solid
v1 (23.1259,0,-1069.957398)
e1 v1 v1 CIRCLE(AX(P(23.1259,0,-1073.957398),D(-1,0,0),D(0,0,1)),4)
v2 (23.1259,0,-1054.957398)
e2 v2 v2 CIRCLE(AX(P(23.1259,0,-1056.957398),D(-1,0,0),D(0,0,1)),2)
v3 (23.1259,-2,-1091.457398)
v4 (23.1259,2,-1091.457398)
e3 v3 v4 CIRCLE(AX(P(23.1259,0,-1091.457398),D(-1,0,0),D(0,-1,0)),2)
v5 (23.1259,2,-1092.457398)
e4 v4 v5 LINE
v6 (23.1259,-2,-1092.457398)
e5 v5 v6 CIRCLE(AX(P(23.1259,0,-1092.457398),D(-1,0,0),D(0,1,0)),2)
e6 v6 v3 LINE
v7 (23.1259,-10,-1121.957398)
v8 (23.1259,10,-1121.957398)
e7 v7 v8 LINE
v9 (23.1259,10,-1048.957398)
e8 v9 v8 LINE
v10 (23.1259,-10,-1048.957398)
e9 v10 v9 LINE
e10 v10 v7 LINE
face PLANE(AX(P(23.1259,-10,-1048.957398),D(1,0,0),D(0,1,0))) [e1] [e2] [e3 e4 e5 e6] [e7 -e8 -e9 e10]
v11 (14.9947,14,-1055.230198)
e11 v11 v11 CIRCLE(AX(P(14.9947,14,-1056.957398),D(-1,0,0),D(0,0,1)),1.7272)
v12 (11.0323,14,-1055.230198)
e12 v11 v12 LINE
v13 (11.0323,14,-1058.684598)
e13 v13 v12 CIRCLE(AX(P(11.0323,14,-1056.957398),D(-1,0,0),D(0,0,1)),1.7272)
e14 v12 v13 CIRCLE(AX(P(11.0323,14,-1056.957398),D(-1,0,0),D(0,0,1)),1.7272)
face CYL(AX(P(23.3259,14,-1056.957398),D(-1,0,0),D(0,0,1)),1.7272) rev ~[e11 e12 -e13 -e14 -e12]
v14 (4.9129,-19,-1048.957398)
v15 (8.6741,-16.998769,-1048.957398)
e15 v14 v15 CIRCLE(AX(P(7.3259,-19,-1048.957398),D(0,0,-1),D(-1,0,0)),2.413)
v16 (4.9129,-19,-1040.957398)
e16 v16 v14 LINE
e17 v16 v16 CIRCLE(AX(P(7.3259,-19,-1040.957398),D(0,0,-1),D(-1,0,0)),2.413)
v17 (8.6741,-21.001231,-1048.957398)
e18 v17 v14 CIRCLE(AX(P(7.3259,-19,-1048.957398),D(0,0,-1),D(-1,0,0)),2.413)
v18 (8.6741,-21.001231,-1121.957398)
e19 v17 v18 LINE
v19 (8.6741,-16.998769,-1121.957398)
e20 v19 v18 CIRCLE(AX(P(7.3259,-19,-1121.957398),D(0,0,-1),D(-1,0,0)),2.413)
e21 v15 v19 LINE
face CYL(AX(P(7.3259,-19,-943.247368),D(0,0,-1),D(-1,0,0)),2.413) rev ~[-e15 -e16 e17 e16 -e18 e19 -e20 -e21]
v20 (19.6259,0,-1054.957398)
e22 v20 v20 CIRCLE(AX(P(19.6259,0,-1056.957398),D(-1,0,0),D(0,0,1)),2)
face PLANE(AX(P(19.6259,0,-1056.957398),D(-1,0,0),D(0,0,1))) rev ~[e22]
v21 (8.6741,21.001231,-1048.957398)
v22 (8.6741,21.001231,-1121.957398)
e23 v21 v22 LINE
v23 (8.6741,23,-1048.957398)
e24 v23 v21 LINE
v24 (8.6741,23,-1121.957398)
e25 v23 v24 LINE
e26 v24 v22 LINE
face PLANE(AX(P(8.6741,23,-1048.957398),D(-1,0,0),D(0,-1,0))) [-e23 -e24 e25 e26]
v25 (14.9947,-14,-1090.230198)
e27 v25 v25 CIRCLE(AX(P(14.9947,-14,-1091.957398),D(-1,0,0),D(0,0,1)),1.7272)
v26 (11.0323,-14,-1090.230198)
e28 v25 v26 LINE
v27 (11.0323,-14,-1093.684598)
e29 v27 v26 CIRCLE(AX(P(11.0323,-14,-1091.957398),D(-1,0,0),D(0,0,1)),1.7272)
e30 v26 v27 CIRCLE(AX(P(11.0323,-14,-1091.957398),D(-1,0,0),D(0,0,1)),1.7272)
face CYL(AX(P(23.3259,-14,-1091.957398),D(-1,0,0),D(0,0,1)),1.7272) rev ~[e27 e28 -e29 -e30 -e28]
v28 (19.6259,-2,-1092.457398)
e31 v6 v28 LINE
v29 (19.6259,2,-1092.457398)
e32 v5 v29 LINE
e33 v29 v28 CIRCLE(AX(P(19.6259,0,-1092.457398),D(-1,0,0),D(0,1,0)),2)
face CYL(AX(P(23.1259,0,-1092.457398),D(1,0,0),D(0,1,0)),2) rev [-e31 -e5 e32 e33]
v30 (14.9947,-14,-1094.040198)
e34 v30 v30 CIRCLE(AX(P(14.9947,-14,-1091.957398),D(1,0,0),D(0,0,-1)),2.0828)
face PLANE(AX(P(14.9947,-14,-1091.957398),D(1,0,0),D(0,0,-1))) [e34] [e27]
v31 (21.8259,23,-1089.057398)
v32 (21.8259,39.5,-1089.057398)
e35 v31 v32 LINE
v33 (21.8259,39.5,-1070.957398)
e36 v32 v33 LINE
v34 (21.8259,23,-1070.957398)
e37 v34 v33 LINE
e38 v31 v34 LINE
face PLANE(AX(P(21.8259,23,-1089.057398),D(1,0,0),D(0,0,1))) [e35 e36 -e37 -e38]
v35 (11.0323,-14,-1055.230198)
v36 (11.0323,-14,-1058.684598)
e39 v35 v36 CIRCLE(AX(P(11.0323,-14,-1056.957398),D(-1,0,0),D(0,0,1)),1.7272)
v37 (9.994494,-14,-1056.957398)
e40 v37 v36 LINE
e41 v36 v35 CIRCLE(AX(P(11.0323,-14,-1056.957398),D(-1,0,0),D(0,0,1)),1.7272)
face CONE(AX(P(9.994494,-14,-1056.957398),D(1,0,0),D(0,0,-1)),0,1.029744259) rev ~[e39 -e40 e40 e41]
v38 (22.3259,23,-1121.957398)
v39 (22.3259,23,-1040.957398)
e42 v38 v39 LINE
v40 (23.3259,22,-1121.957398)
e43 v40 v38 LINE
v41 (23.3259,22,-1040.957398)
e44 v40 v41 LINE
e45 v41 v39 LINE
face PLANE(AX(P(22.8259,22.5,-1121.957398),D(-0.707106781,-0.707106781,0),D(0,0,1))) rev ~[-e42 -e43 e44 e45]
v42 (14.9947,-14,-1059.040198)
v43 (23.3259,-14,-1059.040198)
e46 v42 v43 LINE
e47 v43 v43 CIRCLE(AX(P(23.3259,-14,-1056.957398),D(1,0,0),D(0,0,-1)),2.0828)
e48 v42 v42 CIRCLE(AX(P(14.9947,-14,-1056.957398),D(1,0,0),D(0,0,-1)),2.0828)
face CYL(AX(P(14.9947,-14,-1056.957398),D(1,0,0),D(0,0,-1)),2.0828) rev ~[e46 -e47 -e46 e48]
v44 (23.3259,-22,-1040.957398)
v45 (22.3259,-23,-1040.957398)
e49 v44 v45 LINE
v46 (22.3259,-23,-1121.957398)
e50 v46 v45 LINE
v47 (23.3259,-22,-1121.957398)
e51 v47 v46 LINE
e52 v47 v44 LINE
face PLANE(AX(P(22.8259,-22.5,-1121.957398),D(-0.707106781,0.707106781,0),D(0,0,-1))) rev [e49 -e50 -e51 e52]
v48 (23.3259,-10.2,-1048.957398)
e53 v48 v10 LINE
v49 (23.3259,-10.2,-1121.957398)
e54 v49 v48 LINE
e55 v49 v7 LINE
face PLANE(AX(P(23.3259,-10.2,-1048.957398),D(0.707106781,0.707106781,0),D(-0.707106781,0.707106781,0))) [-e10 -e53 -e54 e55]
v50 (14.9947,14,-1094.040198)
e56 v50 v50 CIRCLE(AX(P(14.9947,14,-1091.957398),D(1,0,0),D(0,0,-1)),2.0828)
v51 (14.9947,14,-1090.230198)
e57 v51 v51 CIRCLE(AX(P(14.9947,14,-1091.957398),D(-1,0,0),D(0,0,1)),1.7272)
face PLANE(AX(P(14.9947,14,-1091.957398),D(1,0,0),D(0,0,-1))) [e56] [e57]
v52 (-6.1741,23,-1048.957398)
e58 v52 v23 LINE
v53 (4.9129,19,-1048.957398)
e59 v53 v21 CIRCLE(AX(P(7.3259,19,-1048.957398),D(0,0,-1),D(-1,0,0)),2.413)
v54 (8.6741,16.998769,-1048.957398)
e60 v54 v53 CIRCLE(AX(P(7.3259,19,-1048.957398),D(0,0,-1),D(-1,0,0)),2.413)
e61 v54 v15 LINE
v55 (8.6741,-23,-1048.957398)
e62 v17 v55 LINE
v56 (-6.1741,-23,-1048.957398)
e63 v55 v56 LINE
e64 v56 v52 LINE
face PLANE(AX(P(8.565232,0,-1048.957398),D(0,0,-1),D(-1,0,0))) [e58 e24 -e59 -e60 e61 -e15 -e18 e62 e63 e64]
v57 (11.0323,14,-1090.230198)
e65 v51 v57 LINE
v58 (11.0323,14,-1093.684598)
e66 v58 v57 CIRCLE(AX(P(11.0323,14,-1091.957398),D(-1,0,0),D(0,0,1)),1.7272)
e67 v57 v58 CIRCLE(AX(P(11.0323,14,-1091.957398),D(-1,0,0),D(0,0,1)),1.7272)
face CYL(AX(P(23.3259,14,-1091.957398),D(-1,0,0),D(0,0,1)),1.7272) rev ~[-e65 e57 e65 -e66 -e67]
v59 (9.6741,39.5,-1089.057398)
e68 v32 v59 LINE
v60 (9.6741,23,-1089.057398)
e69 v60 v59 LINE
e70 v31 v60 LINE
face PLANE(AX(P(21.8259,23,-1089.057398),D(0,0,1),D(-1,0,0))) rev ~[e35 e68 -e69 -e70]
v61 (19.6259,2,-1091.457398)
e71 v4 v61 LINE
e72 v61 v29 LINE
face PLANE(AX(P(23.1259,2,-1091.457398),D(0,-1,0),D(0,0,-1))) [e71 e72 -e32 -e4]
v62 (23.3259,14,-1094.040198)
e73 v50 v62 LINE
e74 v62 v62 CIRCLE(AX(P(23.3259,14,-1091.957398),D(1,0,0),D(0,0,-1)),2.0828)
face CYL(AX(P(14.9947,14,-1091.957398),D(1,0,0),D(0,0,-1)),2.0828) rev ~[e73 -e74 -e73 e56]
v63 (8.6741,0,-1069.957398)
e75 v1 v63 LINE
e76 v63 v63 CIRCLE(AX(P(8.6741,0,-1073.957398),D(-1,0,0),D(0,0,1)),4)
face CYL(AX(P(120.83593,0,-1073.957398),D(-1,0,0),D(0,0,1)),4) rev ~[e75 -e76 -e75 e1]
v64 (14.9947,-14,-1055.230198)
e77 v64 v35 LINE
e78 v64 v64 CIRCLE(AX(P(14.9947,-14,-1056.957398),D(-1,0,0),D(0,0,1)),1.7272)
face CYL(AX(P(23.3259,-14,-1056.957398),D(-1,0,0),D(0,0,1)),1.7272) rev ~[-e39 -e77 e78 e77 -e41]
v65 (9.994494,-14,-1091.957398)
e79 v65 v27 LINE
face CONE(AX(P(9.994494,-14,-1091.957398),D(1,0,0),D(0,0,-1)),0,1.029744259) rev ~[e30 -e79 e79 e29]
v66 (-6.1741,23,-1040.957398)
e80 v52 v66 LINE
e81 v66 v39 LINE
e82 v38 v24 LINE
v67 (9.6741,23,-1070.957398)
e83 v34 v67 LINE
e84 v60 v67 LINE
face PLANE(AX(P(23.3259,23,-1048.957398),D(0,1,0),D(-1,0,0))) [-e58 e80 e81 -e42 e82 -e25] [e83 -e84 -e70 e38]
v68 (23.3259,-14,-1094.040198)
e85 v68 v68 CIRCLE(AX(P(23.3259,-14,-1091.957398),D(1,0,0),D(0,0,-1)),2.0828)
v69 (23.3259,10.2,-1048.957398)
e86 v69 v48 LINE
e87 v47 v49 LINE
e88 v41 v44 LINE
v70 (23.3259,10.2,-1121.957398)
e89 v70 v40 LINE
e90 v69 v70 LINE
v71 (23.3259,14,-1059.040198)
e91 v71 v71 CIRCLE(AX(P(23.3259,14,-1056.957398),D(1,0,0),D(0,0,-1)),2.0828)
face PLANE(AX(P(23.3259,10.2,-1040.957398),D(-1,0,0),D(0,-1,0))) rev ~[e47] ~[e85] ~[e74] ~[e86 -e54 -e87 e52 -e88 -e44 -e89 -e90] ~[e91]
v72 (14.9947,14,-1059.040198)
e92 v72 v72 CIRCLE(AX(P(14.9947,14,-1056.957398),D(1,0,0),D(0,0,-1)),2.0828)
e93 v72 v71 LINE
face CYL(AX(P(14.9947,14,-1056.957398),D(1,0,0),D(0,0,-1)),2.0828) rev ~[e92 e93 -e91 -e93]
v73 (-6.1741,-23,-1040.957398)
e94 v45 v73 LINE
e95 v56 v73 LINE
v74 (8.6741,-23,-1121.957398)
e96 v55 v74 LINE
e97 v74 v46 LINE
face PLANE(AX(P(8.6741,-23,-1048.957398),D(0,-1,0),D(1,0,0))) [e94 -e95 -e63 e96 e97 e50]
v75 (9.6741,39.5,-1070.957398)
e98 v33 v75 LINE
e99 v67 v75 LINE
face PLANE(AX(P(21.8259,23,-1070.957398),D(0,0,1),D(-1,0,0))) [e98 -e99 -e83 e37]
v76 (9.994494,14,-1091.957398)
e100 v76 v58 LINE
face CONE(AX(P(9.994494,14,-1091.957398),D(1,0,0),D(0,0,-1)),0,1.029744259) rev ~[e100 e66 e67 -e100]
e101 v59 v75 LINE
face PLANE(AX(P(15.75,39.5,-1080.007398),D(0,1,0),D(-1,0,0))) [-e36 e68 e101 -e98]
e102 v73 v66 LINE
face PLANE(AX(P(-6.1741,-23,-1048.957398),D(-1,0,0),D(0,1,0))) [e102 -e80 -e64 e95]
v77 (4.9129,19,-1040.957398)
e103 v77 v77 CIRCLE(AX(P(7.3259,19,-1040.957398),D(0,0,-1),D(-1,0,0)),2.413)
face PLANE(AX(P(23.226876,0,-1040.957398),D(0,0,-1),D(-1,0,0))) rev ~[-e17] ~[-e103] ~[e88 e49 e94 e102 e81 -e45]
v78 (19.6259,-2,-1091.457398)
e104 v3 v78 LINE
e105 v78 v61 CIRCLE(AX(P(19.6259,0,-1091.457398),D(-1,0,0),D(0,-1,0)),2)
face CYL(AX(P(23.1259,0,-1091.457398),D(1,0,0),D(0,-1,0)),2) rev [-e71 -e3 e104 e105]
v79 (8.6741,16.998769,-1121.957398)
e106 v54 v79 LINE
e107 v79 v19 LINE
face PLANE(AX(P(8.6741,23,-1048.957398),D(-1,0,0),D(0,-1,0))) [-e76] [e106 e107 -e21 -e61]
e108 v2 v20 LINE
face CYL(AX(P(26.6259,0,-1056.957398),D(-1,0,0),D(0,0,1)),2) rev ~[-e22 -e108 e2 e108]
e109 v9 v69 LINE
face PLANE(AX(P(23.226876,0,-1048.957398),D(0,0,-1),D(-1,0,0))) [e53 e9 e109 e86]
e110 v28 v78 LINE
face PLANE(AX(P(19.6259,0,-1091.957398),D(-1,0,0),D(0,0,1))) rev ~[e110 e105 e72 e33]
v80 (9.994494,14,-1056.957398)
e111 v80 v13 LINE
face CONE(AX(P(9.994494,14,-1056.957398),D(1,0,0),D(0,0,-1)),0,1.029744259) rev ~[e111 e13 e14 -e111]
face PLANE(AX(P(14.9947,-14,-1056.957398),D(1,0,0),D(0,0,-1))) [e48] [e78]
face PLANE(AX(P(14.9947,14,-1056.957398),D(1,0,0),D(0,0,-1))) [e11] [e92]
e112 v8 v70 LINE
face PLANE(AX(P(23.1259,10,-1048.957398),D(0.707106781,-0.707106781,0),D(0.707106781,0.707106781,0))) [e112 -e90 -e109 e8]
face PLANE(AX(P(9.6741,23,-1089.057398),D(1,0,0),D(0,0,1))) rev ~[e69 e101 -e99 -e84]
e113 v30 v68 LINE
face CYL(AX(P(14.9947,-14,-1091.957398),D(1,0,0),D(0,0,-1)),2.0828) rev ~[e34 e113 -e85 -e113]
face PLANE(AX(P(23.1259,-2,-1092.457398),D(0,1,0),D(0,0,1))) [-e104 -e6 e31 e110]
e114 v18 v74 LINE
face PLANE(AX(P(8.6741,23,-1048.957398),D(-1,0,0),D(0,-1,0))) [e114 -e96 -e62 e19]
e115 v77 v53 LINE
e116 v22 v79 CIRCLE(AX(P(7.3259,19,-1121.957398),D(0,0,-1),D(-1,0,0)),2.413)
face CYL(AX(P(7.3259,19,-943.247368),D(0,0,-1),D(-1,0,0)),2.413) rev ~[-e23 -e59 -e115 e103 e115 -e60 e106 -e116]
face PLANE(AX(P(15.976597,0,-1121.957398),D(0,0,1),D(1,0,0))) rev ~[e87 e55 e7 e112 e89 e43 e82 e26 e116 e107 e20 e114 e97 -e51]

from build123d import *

# Parameters (mm, degrees)
BASE_EXTRUDE_DEPTH              = 8
BOSS_EXTRUDE1_DEPTH             = 73
BOSS_EXTRUDE3_DEPTH             = 8
F_8_0_DIAMETER_HOLE1_D          = 8
F_8_32_TAPPED_HOLE1_D           = 3.4544
F_8_32_TAPPED_HOLE1_DEPTH       = 12.2936
F_8_32_TAPPED_HOLE1_CBORE_D     = 4.1656
F_8_32_TAPPED_HOLE1_CBORE_DEPTH = 8.3312
F_8_32_TAPPED_HOLE1_TIP         = 1.037806461
F_10_32_TAPPED_HOLE1_D          = 4.826
CUT_EXTRUDE1_DEPTH              = 3.5
HOLE1_D                         = 4
HOLE1_DEPTH                     = 3.5
SKETCH14_W                      = 12.1518
SKETCH14_H                      = 18.1
BOSS_EXTRUDE2_DEPTH             = 16.5
CHAMFER1_SIZE                   = 1


with BuildPart() as part:
    # Sketch1 → Base-Extrude (new body)
    with BuildSketch(Plane.XY.offset(-1048.957398403)):
        Polygon((-6.1741, 23), (23.3259, 23), (23.3259, 10.2), (23.1259, 10), (23.1259, -10), (23.3259, -10.2), (23.3259, -23), (-6.1741, -23), align=None)
    extrude(amount=BASE_EXTRUDE_DEPTH)

    # Sketch3 → Boss-Extrude1 (add)
    with BuildSketch(Plane(origin=(0, 0, -1048.957398403), x_dir=(-1, 0, 0), z_dir=(0, 0, -1))):
        Polygon((-23.3259, 10.2), (-23.3259, 23), (-8.6741, 23), (-8.6741, -23), (-23.3259, -23), (-23.3259, -10.2), (-23.1259, -10), (-23.1259, 10), align=None)
    extrude(amount=BOSS_EXTRUDE1_DEPTH)

    # Sketch15 → Boss-Extrude3 (add)
    with BuildSketch(Plane.XY.offset(-1040.957398403)):
        Polygon((23.1259, -10), (23.1259, 10), (23.3259, 10.2), (23.3259, -10.2), align=None)
    extrude(amount=-BOSS_EXTRUDE3_DEPTH)

    # 8.0 Diameter Hole1 (through all)
    with Locations(Plane(origin=(23.1259, 0, 0), x_dir=(0, 0, -1), z_dir=(1, 0, 0))):
        with Locations((1073.957398403, 0)):
            Hole(F_8_0_DIAMETER_HOLE1_D / 2)

    # #8-32 Tapped Hole1
    with Locations(Plane(origin=(23.3259, 0, 0), x_dir=(0, 0, -1), z_dir=(1, 0, 0))):
        with Locations((1056.957398403, 14), (1091.957398403, 14), (1056.957398403, -14), (1091.957398403, -14)):
            CounterBoreHole(F_8_32_TAPPED_HOLE1_D / 2, F_8_32_TAPPED_HOLE1_CBORE_D / 2, F_8_32_TAPPED_HOLE1_CBORE_DEPTH, depth=F_8_32_TAPPED_HOLE1_DEPTH)
            with Locations((0, 0, -(F_8_32_TAPPED_HOLE1_DEPTH + F_8_32_TAPPED_HOLE1_TIP / 2))):  # 118° drill point
                Cone(0, F_8_32_TAPPED_HOLE1_D / 2, F_8_32_TAPPED_HOLE1_TIP, mode=Mode.SUBTRACT)

    # #10-32 Tapped Hole1 (through all)
    with Locations(Plane.XY.offset(-1040.957398403)):
        with Locations((7.3259, 19), (7.3259, -19)):
            Hole(F_10_32_TAPPED_HOLE1_D / 2)

    # Sketch11 → Cut-Extrude1 (cut)
    with BuildSketch(Plane(origin=(23.1259, 0, 0), x_dir=(0, 0, -1), z_dir=(1, 0, 0))):
        with BuildLine():
            Line((1091.457398403, 2), (1092.457398403, 2))
            ThreePointArc((1092.457398403, 2), (1094.457398403, 0), (1092.457398403, -2))
            Line((1092.457398403, -2), (1091.457398403, -2))
            ThreePointArc((1091.457398403, -2), (1089.457398403, 0), (1091.457398403, 2))
        make_face()
    extrude(amount=-CUT_EXTRUDE1_DEPTH, mode=Mode.SUBTRACT)

    # Hole1
    with Locations(Plane(origin=(23.1259, 0, 0), x_dir=(0, 0, -1), z_dir=(1, 0, 0))):
        with Locations((1056.957398403, 0)):
            Hole(HOLE1_D / 2, depth=HOLE1_DEPTH)

    # Sketch14 → Boss-Extrude2 (add)
    with BuildSketch(Plane(origin=(0, 23, 0), x_dir=(-1, 0, 0), z_dir=(0, 1, 0))):
        with Locations((-15.75, -1080.007398403)):
            Rectangle(SKETCH14_W, SKETCH14_H)
    extrude(amount=BOSS_EXTRUDE2_DEPTH)

    # Chamfer1
    chamfer1_edges = [part.edges().sort_by_distance(p)[0] for p in [
        (23.3259, -23, -1081.457398403),
        (23.3259, 23, -1081.457398403),
    ]]
    chamfer(chamfer1_edges, length=CHAMFER1_SIZE)


solid = part.part
